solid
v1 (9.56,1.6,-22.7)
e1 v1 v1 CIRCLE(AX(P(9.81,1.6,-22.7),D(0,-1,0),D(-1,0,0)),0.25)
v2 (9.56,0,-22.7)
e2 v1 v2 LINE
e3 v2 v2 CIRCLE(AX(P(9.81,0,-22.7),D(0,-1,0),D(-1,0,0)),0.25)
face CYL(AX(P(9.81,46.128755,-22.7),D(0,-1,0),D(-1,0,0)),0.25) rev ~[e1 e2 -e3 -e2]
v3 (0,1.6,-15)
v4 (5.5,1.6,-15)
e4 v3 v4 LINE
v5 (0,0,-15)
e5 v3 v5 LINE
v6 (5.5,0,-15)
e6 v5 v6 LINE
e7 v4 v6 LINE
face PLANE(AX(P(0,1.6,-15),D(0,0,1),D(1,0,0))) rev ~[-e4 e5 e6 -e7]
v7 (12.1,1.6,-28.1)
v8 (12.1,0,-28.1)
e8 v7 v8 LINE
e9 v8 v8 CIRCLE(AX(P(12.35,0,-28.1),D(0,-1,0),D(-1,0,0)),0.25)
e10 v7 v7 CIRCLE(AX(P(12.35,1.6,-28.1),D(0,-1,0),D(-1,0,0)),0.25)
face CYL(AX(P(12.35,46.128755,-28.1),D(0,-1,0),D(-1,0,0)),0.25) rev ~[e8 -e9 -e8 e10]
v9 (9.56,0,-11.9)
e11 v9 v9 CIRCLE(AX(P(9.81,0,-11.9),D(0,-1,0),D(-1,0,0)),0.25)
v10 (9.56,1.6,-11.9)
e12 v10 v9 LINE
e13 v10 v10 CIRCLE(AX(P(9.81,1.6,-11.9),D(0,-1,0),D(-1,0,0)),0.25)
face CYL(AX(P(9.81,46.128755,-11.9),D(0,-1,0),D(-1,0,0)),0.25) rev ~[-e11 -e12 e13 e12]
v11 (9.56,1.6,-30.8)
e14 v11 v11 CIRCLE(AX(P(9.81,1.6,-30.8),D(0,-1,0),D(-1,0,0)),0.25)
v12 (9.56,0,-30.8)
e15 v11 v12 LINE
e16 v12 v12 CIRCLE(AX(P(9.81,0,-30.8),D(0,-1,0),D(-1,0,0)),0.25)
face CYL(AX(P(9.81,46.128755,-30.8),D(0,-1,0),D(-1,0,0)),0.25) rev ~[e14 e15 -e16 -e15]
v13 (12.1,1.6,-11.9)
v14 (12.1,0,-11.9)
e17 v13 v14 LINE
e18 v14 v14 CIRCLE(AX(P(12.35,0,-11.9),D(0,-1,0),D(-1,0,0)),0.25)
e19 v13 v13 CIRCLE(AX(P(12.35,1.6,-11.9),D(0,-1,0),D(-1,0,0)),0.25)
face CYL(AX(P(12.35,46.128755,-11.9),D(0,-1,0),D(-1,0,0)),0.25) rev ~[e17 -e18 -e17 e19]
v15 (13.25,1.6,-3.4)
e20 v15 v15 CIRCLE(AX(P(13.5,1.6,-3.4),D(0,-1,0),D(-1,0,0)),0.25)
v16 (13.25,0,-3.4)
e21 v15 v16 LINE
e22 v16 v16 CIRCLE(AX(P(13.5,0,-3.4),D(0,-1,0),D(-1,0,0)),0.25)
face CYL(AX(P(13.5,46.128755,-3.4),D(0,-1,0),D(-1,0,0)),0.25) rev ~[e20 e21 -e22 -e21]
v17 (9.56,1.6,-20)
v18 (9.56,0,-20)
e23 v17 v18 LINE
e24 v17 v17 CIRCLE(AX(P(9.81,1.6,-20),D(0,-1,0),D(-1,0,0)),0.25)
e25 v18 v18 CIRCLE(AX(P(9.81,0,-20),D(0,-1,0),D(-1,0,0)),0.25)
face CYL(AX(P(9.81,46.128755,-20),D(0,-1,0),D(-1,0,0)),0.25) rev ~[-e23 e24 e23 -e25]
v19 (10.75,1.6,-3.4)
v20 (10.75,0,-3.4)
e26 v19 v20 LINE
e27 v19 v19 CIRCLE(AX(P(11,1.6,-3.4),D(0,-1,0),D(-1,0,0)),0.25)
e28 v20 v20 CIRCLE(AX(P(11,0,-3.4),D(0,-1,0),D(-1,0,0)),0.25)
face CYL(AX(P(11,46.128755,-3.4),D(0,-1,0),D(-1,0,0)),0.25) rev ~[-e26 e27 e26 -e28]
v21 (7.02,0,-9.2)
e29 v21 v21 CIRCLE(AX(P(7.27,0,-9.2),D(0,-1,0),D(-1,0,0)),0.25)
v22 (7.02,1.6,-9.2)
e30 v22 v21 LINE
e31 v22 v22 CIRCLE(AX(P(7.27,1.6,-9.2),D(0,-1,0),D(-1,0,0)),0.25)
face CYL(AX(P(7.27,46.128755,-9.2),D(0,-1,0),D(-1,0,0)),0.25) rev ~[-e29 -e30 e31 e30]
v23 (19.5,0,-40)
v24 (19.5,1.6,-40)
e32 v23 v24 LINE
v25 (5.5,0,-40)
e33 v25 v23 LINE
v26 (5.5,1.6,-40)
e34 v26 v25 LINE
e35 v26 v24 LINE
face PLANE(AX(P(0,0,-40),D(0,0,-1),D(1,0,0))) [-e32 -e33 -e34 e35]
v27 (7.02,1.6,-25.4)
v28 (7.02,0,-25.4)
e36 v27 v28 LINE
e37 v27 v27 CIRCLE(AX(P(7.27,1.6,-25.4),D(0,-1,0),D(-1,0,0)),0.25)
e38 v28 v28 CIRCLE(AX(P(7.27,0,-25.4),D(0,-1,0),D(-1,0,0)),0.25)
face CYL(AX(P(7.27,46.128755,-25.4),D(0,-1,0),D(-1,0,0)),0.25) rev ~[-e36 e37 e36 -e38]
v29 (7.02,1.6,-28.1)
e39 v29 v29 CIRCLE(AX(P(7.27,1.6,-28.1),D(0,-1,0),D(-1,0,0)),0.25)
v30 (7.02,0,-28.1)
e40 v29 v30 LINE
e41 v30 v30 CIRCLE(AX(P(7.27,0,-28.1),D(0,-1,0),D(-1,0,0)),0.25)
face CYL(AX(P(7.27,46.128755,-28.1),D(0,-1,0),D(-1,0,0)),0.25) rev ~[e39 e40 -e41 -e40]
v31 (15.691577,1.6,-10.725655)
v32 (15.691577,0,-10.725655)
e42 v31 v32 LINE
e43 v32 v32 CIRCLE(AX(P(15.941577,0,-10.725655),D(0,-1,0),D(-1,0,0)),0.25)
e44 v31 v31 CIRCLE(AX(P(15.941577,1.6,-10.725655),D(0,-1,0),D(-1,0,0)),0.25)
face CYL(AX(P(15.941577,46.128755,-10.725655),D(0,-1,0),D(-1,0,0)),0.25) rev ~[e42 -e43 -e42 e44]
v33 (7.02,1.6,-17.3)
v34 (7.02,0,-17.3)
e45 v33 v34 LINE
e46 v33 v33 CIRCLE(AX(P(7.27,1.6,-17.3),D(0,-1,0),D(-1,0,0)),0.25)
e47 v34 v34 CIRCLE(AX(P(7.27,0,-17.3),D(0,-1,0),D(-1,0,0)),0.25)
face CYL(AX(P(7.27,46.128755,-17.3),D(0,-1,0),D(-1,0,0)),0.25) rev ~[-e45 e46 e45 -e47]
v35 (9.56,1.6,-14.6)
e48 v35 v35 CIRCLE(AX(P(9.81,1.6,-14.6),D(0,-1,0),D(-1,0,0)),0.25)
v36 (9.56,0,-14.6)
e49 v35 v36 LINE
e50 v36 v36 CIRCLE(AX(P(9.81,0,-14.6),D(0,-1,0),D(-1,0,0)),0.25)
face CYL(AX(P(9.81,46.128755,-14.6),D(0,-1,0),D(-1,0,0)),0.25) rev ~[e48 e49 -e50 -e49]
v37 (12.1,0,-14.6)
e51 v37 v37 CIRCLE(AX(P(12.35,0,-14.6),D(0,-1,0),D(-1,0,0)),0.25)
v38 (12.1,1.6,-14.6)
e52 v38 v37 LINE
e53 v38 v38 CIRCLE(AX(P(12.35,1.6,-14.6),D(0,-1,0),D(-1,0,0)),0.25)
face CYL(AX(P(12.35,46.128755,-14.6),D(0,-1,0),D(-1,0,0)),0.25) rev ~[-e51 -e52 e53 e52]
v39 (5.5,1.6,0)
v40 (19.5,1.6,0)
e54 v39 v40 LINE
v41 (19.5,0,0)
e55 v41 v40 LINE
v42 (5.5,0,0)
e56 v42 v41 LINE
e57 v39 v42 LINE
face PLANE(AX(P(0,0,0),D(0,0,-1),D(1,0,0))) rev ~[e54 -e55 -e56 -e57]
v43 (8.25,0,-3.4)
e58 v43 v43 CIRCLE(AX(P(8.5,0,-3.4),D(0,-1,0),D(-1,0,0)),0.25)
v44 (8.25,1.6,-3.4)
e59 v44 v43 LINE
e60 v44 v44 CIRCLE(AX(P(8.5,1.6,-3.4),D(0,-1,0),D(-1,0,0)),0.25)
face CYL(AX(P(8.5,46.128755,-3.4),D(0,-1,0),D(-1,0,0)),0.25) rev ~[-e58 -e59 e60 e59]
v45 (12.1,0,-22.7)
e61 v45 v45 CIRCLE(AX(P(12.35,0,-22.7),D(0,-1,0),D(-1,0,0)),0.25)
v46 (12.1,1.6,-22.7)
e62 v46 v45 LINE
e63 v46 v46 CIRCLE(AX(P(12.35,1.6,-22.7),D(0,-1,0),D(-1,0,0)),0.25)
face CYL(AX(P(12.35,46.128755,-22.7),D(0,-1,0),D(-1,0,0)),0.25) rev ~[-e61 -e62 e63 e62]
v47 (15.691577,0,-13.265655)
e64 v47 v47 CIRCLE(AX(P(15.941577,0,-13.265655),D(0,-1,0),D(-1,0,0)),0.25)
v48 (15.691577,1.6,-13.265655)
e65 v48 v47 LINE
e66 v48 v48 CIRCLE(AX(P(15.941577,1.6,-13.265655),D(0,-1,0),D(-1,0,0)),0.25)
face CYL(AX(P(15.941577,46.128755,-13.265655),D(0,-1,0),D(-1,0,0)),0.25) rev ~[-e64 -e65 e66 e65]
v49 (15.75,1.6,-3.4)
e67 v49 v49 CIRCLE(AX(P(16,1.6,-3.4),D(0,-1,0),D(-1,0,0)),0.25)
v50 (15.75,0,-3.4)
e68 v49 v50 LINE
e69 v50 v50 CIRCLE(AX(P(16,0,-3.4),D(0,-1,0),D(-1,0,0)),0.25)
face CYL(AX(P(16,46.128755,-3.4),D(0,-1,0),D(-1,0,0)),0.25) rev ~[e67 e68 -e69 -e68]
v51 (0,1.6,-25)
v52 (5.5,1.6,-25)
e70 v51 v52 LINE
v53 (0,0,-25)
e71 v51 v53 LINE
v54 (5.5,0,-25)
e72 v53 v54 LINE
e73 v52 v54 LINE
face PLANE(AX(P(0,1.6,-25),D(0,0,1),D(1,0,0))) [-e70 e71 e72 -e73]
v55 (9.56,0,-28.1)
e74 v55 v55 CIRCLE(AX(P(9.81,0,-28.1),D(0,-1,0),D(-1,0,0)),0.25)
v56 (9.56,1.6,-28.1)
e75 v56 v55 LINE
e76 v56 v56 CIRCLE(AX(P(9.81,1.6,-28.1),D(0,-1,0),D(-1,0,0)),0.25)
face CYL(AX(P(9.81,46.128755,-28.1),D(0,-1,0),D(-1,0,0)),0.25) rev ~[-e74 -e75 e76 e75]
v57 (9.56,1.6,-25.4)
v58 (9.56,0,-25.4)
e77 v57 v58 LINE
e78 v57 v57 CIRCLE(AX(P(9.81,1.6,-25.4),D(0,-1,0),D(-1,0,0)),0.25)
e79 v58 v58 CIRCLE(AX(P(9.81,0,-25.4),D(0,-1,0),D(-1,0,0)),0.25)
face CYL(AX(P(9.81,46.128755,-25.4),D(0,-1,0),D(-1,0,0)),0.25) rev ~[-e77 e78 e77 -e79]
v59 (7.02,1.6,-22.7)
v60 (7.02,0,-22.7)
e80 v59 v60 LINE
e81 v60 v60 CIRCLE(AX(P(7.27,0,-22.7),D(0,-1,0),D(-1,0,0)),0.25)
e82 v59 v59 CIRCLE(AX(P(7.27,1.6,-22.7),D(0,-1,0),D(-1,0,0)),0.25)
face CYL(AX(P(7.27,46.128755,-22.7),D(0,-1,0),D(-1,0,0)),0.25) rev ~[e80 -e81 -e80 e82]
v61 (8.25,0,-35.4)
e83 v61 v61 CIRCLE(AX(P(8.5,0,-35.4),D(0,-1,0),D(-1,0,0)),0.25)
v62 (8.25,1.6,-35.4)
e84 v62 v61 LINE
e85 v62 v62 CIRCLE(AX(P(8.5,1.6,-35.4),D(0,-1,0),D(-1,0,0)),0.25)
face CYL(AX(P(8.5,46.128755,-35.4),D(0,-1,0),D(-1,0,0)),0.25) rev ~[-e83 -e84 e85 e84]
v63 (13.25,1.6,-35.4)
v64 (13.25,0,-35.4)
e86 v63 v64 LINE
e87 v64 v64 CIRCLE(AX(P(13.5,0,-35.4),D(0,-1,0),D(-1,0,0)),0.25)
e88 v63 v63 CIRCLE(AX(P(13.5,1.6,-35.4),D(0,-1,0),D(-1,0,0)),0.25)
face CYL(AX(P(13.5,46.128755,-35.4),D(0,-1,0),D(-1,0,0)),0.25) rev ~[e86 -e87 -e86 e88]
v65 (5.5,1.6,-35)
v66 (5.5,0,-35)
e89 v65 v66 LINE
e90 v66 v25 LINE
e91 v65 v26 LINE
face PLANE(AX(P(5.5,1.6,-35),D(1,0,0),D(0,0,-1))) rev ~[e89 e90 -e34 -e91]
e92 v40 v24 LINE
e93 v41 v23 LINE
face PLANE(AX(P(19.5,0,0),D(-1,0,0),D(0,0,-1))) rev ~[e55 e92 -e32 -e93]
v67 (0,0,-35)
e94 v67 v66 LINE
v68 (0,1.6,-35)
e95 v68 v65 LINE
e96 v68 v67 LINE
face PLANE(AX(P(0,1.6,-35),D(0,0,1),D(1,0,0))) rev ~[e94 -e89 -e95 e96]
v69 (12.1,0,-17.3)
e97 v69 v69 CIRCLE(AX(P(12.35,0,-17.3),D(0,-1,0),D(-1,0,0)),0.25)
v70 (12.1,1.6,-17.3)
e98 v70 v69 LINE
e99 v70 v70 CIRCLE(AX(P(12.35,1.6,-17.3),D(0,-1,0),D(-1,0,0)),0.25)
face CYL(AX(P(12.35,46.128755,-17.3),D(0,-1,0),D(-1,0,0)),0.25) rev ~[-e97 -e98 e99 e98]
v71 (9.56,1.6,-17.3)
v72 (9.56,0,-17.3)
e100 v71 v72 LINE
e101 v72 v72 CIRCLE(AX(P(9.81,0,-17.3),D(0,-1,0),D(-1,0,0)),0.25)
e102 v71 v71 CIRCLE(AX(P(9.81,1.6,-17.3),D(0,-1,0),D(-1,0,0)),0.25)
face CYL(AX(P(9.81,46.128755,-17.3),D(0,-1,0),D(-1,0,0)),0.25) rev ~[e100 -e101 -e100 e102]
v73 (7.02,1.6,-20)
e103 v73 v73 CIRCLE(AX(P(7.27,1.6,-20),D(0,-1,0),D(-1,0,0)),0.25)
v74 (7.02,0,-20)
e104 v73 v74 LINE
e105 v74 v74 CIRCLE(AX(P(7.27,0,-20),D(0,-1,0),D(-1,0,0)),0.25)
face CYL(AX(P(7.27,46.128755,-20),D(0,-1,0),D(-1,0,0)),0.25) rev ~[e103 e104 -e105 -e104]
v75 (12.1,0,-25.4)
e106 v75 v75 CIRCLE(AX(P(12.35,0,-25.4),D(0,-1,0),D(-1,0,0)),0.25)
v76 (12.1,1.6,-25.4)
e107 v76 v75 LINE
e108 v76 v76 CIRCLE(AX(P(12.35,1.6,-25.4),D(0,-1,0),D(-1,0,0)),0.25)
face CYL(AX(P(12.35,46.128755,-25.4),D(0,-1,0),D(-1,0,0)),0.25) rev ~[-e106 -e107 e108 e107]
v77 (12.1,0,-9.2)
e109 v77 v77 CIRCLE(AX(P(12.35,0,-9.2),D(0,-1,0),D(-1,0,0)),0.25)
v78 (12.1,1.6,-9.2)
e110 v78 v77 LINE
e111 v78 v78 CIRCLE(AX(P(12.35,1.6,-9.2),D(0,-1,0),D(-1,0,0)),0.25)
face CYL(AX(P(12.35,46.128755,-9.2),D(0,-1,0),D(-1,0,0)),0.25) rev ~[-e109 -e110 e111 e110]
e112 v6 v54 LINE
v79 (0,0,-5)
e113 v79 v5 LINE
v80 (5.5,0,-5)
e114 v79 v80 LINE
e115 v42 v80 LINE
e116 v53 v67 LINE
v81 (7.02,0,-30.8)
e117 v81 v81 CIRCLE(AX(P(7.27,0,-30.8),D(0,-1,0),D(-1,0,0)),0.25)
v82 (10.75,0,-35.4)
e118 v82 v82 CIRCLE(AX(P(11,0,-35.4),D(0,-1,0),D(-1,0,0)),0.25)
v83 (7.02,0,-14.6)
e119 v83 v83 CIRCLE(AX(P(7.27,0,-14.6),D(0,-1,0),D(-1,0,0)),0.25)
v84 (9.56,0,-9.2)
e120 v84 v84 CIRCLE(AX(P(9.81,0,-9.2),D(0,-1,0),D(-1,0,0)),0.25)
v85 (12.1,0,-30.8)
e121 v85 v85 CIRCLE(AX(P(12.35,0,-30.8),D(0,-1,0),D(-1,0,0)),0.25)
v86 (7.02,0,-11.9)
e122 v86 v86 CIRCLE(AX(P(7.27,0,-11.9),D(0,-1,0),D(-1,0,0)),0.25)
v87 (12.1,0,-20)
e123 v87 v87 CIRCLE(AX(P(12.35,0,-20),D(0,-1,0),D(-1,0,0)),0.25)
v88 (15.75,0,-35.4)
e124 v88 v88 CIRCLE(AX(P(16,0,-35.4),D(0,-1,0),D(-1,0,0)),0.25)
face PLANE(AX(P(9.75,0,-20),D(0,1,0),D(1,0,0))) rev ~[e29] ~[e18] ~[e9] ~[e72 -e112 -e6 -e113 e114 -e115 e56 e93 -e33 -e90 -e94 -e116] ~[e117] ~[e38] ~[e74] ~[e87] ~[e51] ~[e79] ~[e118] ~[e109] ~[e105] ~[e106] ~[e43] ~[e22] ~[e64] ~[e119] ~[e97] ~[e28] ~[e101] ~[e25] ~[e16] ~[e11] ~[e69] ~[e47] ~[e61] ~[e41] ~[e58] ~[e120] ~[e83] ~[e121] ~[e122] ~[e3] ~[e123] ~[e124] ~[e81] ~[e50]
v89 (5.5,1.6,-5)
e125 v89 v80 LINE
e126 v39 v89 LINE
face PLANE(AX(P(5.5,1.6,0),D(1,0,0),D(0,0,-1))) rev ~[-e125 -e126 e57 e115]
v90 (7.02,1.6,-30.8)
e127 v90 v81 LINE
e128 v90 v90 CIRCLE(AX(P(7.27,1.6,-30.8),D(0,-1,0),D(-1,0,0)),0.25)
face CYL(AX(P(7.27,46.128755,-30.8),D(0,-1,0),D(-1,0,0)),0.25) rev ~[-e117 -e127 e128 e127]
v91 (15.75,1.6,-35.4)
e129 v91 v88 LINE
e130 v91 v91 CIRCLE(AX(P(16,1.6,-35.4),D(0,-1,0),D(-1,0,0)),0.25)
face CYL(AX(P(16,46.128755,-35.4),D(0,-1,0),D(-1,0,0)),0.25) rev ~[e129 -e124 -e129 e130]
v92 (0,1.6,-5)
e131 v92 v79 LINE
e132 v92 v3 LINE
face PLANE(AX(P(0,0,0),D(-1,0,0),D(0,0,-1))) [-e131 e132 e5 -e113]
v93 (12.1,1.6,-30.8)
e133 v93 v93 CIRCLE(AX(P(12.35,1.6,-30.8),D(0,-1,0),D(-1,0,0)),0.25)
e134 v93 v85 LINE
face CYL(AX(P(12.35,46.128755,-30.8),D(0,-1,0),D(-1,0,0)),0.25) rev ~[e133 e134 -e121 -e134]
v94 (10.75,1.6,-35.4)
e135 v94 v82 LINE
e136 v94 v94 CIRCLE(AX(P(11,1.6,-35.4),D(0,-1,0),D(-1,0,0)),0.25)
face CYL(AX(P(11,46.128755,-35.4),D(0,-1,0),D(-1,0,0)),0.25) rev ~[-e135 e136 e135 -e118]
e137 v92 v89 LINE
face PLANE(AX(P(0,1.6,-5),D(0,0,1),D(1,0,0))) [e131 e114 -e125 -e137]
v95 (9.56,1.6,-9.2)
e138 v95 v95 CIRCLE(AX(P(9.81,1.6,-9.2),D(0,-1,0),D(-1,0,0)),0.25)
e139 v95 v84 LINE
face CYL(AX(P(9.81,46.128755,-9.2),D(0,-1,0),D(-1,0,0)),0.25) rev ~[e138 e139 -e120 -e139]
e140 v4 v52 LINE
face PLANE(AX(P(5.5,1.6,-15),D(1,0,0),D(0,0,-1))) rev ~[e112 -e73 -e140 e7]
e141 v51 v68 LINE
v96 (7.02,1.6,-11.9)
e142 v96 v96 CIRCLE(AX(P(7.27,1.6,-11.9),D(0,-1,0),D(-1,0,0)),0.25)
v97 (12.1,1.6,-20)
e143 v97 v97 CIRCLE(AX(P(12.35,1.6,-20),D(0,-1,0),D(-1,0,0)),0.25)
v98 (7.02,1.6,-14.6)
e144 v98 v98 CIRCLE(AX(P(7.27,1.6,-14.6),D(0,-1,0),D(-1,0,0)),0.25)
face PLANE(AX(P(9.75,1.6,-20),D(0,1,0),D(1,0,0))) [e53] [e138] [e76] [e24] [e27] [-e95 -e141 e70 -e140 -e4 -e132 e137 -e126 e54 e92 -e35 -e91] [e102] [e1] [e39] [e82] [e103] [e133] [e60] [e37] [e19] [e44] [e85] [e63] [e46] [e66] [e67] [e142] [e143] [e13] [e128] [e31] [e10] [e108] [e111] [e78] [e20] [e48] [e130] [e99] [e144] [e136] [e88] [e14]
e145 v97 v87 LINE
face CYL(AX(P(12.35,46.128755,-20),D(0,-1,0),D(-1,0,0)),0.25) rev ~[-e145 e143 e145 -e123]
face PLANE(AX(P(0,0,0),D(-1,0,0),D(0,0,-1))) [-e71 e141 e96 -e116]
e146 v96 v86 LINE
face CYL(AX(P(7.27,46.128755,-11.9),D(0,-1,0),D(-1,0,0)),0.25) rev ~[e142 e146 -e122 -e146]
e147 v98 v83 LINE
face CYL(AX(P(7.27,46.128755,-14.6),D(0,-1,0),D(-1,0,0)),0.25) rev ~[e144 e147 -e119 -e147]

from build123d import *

# Parameters (mm, degrees)
SKETCH_1_W                  = 19.5
SKETCH_1_H                  = 40
EXTRUDE_1_DEPTH             = 1.6
SKETCH_2_W                  = 5.5
SKETCH_2_H                  = 5
SKETCH_2_H_2                = 10
CUT_EXTRUDE_1_DEPTH         = 45.528754755
HOLE_WIZARD_0_5_0_5_1_D     = 0.5
PATTERN_LINEAR_1_COUNT      = 4
PATTERN_LINEAR_1_PITCH      = 2.5
HOLE_WIZARD_0_5_0_5_2_D     = 0.5
PATTERN_LINEAR_2_COUNT      = 3
PATTERN_LINEAR_2_PITCH      = 2.54
PATTERN_LINEAR_2_COUNT_DIR2 = 9
PATTERN_LINEAR_2_PITCH_DIR2 = 2.7
HOLE_WIZARD_0_5_0_5_3_D     = 0.5
PATTERN_LINEAR_3_COUNT      = 2
PATTERN_LINEAR_3_PITCH      = 2.54
HOLE_WIZARD_0_5_0_5_4_D     = 0.5
PATTERN_LINEAR_4_COUNT      = 4
PATTERN_LINEAR_4_PITCH      = 2.5


with BuildPart() as part:
    # 스케치1 → 보스-돌출1 (new body)
    with BuildSketch(Plane(origin=(0, 0, 0), x_dir=(1, 0, 0), z_dir=(0, 1, 0))):
        with Locations((9.75, 20)):
            Rectangle(SKETCH_1_W, SKETCH_1_H)
    extrude(amount=EXTRUDE_1_DEPTH)

    # 스케치2 → 컷-돌출1 (cut, through all)
    with BuildSketch(Plane(origin=(0, 1.6, 0), x_dir=(1, 0, 0), z_dir=(0, 1, 0))):
        with Locations((2.75, 2.5)):
            Rectangle(SKETCH_2_W, SKETCH_2_H)
        with Locations((2.75, 37.5)):
            Rectangle(SKETCH_2_W, SKETCH_2_H)
        with Locations((2.75, 20)):
            Rectangle(SKETCH_2_W, SKETCH_2_H_2)
    extrude(amount=-CUT_EXTRUDE_1_DEPTH, mode=Mode.SUBTRACT)

    # Ø0.5 (0.5) 지름 구멍1 (through all)
    with Locations(Plane(origin=(0, 1.6, 0), x_dir=(1, 0, 0), z_dir=(0, 1, 0))):
        with Locations((8.5, 35.4)):
            hole_wizard_0_5_0_5_1 = Hole(HOLE_WIZARD_0_5_0_5_1_D / 2)

    # 선형 패턴1: Ø0.5 (0.5) 지름 구멍1 ×4
    with Locations(*[(i * PATTERN_LINEAR_1_PITCH, 0, 0) for i in range(1, PATTERN_LINEAR_1_COUNT)]):
        add(hole_wizard_0_5_0_5_1, mode=Mode.SUBTRACT)

    # Ø0.5 (0.5) 지름 구멍2 (through all)
    with Locations(Plane(origin=(0, 1.6, 0), x_dir=(1, 0, 0), z_dir=(0, 1, 0))):
        with Locations((7.27, 30.8)):
            hole_wizard_0_5_0_5_2 = Hole(HOLE_WIZARD_0_5_0_5_2_D / 2)

    # 선형 패턴2: Hole Wizard 0.5 _0.5_ _ _2 3 × 9
    with Locations(*[(i * PATTERN_LINEAR_2_PITCH, 0, j * PATTERN_LINEAR_2_PITCH_DIR2) for i in range(PATTERN_LINEAR_2_COUNT) for j in range(PATTERN_LINEAR_2_COUNT_DIR2) if (i, j) != (0, 0)]):
        add(hole_wizard_0_5_0_5_2, mode=Mode.SUBTRACT)

    # Ø0.5 (0.5) 지름 구멍3 (through all)
    with Locations(Plane(origin=(0, 1.6, 0), x_dir=(1, 0, 0), z_dir=(0, 1, 0))):
        with Locations((15.941577117, 10.725654996)):
            hole_wizard_0_5_0_5_3 = Hole(HOLE_WIZARD_0_5_0_5_3_D / 2)

    # 선형 패턴3: Ø0.5 (0.5) 지름 구멍3 ×2
    with Locations(*[(0, 0, -i * PATTERN_LINEAR_3_PITCH) for i in range(1, PATTERN_LINEAR_3_COUNT)]):
        add(hole_wizard_0_5_0_5_3, mode=Mode.SUBTRACT)

    # Ø0.5 (0.5) 지름 구멍4 (through all)
    with Locations(Plane(origin=(0, 1.6, 0), x_dir=(1, 0, 0), z_dir=(0, 1, 0))):
        with Locations((8.5, 3.4)):
            hole_wizard_0_5_0_5_4 = Hole(HOLE_WIZARD_0_5_0_5_4_D / 2)

    # 선형 패턴4: Ø0.5 (0.5) 지름 구멍4 ×4
    with Locations(*[(i * PATTERN_LINEAR_4_PITCH, 0, 0) for i in range(1, PATTERN_LINEAR_4_COUNT)]):
        add(hole_wizard_0_5_0_5_4, mode=Mode.SUBTRACT)


solid = part.part
